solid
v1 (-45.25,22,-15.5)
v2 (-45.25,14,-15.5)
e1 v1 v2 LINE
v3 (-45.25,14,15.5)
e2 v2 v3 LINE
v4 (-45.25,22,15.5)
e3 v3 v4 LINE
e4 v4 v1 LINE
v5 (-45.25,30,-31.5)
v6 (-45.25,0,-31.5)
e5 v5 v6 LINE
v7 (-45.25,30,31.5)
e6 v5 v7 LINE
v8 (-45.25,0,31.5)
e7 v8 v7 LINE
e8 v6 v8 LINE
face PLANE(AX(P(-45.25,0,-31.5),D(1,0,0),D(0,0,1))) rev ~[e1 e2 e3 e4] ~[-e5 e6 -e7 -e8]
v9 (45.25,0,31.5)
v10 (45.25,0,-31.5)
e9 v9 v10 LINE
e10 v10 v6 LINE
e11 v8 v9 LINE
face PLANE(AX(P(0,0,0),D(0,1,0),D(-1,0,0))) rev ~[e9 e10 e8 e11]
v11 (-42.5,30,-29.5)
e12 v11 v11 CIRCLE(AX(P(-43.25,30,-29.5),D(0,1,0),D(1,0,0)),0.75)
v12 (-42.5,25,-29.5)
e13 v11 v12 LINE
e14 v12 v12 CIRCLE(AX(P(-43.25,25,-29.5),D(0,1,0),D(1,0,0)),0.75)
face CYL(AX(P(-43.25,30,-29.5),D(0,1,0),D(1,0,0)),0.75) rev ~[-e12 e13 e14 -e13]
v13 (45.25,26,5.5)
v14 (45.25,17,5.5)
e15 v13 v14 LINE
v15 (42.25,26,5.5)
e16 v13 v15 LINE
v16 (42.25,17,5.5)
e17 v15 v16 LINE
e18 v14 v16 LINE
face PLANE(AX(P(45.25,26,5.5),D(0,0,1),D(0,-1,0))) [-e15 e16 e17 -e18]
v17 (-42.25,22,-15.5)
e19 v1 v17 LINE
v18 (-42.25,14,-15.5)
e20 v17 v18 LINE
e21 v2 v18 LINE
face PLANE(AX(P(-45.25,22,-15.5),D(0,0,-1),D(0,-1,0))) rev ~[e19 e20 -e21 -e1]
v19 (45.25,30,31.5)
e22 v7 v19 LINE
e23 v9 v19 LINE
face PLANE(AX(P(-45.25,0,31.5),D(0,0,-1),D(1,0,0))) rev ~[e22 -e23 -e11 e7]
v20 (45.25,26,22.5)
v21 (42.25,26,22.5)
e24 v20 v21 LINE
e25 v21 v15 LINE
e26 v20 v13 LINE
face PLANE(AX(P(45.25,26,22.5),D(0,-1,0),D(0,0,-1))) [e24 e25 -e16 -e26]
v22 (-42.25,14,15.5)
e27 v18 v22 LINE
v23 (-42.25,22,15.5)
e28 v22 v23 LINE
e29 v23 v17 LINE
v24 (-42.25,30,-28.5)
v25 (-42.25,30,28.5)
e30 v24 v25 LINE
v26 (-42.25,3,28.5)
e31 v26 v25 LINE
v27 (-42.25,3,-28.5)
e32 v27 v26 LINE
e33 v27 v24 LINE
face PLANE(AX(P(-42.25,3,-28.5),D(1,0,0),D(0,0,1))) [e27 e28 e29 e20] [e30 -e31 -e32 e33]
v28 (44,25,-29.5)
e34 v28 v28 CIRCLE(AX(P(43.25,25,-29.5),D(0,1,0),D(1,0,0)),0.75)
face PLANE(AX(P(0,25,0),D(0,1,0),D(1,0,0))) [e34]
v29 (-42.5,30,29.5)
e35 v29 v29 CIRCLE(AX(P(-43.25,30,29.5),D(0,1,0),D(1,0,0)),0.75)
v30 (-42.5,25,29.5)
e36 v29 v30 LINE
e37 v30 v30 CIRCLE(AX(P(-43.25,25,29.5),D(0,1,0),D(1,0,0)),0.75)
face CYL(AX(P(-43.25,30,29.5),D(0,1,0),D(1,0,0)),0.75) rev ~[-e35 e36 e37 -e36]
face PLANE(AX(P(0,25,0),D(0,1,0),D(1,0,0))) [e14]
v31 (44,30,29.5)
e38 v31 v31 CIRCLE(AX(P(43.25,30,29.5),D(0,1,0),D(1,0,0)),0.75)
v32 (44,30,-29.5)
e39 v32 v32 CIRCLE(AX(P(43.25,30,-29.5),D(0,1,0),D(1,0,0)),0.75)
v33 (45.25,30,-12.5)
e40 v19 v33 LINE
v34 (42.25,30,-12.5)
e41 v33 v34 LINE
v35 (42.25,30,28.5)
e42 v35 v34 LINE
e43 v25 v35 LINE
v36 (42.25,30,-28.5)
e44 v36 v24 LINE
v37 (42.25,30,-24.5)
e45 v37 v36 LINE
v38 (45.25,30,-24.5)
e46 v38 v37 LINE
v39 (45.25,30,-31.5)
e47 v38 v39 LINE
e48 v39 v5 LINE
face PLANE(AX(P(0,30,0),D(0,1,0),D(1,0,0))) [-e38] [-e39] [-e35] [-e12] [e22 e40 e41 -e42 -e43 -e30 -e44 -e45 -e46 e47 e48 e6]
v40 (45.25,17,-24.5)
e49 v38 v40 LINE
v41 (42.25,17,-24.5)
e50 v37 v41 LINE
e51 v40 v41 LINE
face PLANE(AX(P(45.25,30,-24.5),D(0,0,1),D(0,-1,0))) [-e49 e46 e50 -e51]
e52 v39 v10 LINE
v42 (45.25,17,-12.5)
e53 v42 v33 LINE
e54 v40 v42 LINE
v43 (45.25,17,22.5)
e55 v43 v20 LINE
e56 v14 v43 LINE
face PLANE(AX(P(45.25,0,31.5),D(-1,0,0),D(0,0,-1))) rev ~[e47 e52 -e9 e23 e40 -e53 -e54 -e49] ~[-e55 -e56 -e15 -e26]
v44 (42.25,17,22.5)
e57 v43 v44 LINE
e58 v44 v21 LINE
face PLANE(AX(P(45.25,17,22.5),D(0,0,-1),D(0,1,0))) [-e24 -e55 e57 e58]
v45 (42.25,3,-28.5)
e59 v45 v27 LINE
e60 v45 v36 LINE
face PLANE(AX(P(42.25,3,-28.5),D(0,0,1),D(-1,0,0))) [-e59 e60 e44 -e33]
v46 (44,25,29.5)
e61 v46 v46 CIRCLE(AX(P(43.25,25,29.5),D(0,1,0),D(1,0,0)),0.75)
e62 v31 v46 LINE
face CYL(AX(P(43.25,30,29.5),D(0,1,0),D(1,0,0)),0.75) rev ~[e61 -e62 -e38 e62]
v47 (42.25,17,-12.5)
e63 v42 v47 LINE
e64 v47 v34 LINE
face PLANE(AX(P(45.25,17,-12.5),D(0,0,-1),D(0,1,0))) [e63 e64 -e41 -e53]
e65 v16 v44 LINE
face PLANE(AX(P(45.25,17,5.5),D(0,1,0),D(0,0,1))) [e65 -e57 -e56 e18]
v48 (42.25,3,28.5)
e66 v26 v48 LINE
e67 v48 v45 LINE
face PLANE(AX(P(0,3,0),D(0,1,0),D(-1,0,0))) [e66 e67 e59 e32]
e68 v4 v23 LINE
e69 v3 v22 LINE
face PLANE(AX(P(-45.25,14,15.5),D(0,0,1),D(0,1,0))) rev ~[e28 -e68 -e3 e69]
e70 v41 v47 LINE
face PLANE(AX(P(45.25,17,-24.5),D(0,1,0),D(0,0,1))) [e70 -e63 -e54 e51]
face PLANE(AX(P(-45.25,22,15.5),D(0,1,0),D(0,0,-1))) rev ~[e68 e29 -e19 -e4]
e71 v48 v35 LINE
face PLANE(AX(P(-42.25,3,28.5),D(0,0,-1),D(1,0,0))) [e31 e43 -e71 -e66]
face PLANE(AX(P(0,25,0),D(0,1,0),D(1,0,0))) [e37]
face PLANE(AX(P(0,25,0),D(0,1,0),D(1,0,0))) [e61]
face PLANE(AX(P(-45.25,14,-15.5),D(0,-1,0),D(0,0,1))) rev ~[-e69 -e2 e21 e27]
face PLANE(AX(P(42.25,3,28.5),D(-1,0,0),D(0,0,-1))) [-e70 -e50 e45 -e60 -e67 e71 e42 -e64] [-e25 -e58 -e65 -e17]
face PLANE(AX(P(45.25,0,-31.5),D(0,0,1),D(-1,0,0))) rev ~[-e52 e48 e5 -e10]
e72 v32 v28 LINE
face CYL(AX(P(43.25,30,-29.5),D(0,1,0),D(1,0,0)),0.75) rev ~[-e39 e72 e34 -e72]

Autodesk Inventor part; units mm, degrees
ref_plane "YZ Plane" through (0, 0, 0) normal (1, 0, 0) x (0, 1, 0)
ref_plane "XZ Plane" through (0, 0, 0) normal (0, 1, 0) x (-1, 0, 0)
ref_plane "XY Plane" through (0, 0, 0) normal (0, 0, 1) x (1, 0, 0)
sketch "Sketch1" plane through (0, 0, 0) normal (0, 1, 0) x (-1, 0, 0)
  line L0 (45.25, 31.5) -> (-45.25, 31.5)
  line L1 (-45.25, 31.5) -> (-45.25, -31.5)
  line L2 (-45.25, -31.5) -> (45.25, -31.5)
  line L3 (45.25, -31.5) -> (45.25, 31.5)
  line L4 (45.25, 31.5) -> (-45.25, -31.5) construction
  line L5 (-45.25, 31.5) -> (45.25, -31.5) construction
  point P0 (0, 0)
  dimension "d0" = 63
  dimension "d1" = 90.5
extrude "Extrusion1" add sketch "Sketch1" along normal blind 3
sketch "Sketch2" plane through (0, 3, 0) normal (0, 1, 0) x (1, 0, 0)
  line L0 (-42.25, -28.5) -> (42.25, -28.5)
  line L1 (42.25, -28.5) -> (42.25, 28.5)
  line L2 (42.25, 28.5) -> (-42.25, 28.5)
  line L3 (-42.25, 28.5) -> (-42.25, -28.5)
  line L4 (-42.25, -28.5) -> (42.25, 28.5) construction
  line L5 (42.25, -28.5) -> (-42.25, 28.5) construction
  line L6 (45.25, -31.5) -> (45.25, 31.5) projected
  line L7 (-45.25, -31.5) -> (45.25, -31.5)
  line L8 (45.25, -31.5) -> (45.25, 31.5)
  line L9 (45.25, 31.5) -> (-45.25, 31.5)
  line L10 (-45.25, 31.5) -> (-45.25, -31.5)
  line L11 (-45.25, -31.5) -> (45.25, 31.5) construction
  line L12 (45.25, -31.5) -> (-45.25, 31.5) construction
  point P0 (0, 0)
  point P1 (45.25, -31.5)
  dimension "d4" = 57
  dimension "d5" = 84.5
extrude "Extrusion2" add sketch "Sketch2" along normal blind 27
sketch "Sketch3" plane through (0, 30, 0) normal (0, 1, 0) x (1, 0, 0)
  circle A0 centre (-43.25, 29.5) radius 0.75
  line L0 (45.25, 31.5) -> (-45.25, 31.5) projected
  line L1 (-45.25, 31.5) -> (-45.25, -31.5) projected
  circle A1 centre (-43.25, -29.5) radius 0.75
  line L2 (-45.25, -31.5) -> (45.25, -31.5) projected
  circle A2 centre (43.25, -29.5) radius 0.75
  line L3 (45.25, -31.5) -> (45.25, 31.5) projected
  circle A3 centre (43.25, 29.5) radius 0.75
  point P0 (0, 0)
  dimension "d8" = 2
  dimension "d9" = 2
  dimension "d10" = 1.5
  dimension "d11" = 2
  dimension "d12" = 2
  dimension "d13" = 1.5
  dimension "d14" = 2
  dimension "d15" = 2
  dimension "d16" = 1.5
  dimension "d17" = 2
  dimension "d18" = 2
  dimension "d19" = 1.5
extrude "Extrusion3" cut sketch "Sketch3" against normal blind 5 contours A0 | A1 | A2 | A3
sketch "Sketch5" plane through (-45.25, 0, -31.5) normal (-1, 0, 0) x (0, 0, 1)
  line L0 (16, 14) -> (47, 14)
  line L1 (47, 14) -> (47, 22)
  line L2 (47, 22) -> (16, 22)
  line L3 (16, 22) -> (16, 14)
  line L4 (0, 0) -> (63, 0) projected
  line L5 (0, 0) -> (0, 30) projected
  point P0 (31.5, 0)
  dimension "d23" = 14
  dimension "d24" = 8
  dimension "d25" = 31
  dimension "d26" = 16
extrude "Extrusion4" cut sketch "Sketch5" against normal blind 3
sketch "Sketch6" plane through (45.25, 0, 31.5) normal (1, 0, 0) x (0, 0, -1)
  line L0 (44, 30) -> (56, 30)
  line L1 (56, 30) -> (56, 17)
  line L2 (56, 17) -> (44, 17)
  line L3 (44, 17) -> (44, 30)
  line L4 (0, 0) -> (63, 0) projected
  line L5 (63, 0) -> (63, 30) projected
  line L6 (9, 26) -> (26, 26)
  line L7 (26, 26) -> (26, 17)
  line L8 (26, 17) -> (9, 17)
  line L9 (9, 17) -> (9, 26)
  line L10 (0, 0) -> (0, 30) projected
  point P0 (31.5, 0)
  dimension "d30" = 17
  dimension "d31" = 13
  dimension "d32" = 12
  dimension "d33" = 7
  dimension "d34" = 9
  dimension "d35" = 17
  dimension "d36" = 17
  dimension "d37" = 9
extrude "Extrusion5" cut sketch "Sketch6" against normal blind 3
properties part number "remoteswitchbox"
